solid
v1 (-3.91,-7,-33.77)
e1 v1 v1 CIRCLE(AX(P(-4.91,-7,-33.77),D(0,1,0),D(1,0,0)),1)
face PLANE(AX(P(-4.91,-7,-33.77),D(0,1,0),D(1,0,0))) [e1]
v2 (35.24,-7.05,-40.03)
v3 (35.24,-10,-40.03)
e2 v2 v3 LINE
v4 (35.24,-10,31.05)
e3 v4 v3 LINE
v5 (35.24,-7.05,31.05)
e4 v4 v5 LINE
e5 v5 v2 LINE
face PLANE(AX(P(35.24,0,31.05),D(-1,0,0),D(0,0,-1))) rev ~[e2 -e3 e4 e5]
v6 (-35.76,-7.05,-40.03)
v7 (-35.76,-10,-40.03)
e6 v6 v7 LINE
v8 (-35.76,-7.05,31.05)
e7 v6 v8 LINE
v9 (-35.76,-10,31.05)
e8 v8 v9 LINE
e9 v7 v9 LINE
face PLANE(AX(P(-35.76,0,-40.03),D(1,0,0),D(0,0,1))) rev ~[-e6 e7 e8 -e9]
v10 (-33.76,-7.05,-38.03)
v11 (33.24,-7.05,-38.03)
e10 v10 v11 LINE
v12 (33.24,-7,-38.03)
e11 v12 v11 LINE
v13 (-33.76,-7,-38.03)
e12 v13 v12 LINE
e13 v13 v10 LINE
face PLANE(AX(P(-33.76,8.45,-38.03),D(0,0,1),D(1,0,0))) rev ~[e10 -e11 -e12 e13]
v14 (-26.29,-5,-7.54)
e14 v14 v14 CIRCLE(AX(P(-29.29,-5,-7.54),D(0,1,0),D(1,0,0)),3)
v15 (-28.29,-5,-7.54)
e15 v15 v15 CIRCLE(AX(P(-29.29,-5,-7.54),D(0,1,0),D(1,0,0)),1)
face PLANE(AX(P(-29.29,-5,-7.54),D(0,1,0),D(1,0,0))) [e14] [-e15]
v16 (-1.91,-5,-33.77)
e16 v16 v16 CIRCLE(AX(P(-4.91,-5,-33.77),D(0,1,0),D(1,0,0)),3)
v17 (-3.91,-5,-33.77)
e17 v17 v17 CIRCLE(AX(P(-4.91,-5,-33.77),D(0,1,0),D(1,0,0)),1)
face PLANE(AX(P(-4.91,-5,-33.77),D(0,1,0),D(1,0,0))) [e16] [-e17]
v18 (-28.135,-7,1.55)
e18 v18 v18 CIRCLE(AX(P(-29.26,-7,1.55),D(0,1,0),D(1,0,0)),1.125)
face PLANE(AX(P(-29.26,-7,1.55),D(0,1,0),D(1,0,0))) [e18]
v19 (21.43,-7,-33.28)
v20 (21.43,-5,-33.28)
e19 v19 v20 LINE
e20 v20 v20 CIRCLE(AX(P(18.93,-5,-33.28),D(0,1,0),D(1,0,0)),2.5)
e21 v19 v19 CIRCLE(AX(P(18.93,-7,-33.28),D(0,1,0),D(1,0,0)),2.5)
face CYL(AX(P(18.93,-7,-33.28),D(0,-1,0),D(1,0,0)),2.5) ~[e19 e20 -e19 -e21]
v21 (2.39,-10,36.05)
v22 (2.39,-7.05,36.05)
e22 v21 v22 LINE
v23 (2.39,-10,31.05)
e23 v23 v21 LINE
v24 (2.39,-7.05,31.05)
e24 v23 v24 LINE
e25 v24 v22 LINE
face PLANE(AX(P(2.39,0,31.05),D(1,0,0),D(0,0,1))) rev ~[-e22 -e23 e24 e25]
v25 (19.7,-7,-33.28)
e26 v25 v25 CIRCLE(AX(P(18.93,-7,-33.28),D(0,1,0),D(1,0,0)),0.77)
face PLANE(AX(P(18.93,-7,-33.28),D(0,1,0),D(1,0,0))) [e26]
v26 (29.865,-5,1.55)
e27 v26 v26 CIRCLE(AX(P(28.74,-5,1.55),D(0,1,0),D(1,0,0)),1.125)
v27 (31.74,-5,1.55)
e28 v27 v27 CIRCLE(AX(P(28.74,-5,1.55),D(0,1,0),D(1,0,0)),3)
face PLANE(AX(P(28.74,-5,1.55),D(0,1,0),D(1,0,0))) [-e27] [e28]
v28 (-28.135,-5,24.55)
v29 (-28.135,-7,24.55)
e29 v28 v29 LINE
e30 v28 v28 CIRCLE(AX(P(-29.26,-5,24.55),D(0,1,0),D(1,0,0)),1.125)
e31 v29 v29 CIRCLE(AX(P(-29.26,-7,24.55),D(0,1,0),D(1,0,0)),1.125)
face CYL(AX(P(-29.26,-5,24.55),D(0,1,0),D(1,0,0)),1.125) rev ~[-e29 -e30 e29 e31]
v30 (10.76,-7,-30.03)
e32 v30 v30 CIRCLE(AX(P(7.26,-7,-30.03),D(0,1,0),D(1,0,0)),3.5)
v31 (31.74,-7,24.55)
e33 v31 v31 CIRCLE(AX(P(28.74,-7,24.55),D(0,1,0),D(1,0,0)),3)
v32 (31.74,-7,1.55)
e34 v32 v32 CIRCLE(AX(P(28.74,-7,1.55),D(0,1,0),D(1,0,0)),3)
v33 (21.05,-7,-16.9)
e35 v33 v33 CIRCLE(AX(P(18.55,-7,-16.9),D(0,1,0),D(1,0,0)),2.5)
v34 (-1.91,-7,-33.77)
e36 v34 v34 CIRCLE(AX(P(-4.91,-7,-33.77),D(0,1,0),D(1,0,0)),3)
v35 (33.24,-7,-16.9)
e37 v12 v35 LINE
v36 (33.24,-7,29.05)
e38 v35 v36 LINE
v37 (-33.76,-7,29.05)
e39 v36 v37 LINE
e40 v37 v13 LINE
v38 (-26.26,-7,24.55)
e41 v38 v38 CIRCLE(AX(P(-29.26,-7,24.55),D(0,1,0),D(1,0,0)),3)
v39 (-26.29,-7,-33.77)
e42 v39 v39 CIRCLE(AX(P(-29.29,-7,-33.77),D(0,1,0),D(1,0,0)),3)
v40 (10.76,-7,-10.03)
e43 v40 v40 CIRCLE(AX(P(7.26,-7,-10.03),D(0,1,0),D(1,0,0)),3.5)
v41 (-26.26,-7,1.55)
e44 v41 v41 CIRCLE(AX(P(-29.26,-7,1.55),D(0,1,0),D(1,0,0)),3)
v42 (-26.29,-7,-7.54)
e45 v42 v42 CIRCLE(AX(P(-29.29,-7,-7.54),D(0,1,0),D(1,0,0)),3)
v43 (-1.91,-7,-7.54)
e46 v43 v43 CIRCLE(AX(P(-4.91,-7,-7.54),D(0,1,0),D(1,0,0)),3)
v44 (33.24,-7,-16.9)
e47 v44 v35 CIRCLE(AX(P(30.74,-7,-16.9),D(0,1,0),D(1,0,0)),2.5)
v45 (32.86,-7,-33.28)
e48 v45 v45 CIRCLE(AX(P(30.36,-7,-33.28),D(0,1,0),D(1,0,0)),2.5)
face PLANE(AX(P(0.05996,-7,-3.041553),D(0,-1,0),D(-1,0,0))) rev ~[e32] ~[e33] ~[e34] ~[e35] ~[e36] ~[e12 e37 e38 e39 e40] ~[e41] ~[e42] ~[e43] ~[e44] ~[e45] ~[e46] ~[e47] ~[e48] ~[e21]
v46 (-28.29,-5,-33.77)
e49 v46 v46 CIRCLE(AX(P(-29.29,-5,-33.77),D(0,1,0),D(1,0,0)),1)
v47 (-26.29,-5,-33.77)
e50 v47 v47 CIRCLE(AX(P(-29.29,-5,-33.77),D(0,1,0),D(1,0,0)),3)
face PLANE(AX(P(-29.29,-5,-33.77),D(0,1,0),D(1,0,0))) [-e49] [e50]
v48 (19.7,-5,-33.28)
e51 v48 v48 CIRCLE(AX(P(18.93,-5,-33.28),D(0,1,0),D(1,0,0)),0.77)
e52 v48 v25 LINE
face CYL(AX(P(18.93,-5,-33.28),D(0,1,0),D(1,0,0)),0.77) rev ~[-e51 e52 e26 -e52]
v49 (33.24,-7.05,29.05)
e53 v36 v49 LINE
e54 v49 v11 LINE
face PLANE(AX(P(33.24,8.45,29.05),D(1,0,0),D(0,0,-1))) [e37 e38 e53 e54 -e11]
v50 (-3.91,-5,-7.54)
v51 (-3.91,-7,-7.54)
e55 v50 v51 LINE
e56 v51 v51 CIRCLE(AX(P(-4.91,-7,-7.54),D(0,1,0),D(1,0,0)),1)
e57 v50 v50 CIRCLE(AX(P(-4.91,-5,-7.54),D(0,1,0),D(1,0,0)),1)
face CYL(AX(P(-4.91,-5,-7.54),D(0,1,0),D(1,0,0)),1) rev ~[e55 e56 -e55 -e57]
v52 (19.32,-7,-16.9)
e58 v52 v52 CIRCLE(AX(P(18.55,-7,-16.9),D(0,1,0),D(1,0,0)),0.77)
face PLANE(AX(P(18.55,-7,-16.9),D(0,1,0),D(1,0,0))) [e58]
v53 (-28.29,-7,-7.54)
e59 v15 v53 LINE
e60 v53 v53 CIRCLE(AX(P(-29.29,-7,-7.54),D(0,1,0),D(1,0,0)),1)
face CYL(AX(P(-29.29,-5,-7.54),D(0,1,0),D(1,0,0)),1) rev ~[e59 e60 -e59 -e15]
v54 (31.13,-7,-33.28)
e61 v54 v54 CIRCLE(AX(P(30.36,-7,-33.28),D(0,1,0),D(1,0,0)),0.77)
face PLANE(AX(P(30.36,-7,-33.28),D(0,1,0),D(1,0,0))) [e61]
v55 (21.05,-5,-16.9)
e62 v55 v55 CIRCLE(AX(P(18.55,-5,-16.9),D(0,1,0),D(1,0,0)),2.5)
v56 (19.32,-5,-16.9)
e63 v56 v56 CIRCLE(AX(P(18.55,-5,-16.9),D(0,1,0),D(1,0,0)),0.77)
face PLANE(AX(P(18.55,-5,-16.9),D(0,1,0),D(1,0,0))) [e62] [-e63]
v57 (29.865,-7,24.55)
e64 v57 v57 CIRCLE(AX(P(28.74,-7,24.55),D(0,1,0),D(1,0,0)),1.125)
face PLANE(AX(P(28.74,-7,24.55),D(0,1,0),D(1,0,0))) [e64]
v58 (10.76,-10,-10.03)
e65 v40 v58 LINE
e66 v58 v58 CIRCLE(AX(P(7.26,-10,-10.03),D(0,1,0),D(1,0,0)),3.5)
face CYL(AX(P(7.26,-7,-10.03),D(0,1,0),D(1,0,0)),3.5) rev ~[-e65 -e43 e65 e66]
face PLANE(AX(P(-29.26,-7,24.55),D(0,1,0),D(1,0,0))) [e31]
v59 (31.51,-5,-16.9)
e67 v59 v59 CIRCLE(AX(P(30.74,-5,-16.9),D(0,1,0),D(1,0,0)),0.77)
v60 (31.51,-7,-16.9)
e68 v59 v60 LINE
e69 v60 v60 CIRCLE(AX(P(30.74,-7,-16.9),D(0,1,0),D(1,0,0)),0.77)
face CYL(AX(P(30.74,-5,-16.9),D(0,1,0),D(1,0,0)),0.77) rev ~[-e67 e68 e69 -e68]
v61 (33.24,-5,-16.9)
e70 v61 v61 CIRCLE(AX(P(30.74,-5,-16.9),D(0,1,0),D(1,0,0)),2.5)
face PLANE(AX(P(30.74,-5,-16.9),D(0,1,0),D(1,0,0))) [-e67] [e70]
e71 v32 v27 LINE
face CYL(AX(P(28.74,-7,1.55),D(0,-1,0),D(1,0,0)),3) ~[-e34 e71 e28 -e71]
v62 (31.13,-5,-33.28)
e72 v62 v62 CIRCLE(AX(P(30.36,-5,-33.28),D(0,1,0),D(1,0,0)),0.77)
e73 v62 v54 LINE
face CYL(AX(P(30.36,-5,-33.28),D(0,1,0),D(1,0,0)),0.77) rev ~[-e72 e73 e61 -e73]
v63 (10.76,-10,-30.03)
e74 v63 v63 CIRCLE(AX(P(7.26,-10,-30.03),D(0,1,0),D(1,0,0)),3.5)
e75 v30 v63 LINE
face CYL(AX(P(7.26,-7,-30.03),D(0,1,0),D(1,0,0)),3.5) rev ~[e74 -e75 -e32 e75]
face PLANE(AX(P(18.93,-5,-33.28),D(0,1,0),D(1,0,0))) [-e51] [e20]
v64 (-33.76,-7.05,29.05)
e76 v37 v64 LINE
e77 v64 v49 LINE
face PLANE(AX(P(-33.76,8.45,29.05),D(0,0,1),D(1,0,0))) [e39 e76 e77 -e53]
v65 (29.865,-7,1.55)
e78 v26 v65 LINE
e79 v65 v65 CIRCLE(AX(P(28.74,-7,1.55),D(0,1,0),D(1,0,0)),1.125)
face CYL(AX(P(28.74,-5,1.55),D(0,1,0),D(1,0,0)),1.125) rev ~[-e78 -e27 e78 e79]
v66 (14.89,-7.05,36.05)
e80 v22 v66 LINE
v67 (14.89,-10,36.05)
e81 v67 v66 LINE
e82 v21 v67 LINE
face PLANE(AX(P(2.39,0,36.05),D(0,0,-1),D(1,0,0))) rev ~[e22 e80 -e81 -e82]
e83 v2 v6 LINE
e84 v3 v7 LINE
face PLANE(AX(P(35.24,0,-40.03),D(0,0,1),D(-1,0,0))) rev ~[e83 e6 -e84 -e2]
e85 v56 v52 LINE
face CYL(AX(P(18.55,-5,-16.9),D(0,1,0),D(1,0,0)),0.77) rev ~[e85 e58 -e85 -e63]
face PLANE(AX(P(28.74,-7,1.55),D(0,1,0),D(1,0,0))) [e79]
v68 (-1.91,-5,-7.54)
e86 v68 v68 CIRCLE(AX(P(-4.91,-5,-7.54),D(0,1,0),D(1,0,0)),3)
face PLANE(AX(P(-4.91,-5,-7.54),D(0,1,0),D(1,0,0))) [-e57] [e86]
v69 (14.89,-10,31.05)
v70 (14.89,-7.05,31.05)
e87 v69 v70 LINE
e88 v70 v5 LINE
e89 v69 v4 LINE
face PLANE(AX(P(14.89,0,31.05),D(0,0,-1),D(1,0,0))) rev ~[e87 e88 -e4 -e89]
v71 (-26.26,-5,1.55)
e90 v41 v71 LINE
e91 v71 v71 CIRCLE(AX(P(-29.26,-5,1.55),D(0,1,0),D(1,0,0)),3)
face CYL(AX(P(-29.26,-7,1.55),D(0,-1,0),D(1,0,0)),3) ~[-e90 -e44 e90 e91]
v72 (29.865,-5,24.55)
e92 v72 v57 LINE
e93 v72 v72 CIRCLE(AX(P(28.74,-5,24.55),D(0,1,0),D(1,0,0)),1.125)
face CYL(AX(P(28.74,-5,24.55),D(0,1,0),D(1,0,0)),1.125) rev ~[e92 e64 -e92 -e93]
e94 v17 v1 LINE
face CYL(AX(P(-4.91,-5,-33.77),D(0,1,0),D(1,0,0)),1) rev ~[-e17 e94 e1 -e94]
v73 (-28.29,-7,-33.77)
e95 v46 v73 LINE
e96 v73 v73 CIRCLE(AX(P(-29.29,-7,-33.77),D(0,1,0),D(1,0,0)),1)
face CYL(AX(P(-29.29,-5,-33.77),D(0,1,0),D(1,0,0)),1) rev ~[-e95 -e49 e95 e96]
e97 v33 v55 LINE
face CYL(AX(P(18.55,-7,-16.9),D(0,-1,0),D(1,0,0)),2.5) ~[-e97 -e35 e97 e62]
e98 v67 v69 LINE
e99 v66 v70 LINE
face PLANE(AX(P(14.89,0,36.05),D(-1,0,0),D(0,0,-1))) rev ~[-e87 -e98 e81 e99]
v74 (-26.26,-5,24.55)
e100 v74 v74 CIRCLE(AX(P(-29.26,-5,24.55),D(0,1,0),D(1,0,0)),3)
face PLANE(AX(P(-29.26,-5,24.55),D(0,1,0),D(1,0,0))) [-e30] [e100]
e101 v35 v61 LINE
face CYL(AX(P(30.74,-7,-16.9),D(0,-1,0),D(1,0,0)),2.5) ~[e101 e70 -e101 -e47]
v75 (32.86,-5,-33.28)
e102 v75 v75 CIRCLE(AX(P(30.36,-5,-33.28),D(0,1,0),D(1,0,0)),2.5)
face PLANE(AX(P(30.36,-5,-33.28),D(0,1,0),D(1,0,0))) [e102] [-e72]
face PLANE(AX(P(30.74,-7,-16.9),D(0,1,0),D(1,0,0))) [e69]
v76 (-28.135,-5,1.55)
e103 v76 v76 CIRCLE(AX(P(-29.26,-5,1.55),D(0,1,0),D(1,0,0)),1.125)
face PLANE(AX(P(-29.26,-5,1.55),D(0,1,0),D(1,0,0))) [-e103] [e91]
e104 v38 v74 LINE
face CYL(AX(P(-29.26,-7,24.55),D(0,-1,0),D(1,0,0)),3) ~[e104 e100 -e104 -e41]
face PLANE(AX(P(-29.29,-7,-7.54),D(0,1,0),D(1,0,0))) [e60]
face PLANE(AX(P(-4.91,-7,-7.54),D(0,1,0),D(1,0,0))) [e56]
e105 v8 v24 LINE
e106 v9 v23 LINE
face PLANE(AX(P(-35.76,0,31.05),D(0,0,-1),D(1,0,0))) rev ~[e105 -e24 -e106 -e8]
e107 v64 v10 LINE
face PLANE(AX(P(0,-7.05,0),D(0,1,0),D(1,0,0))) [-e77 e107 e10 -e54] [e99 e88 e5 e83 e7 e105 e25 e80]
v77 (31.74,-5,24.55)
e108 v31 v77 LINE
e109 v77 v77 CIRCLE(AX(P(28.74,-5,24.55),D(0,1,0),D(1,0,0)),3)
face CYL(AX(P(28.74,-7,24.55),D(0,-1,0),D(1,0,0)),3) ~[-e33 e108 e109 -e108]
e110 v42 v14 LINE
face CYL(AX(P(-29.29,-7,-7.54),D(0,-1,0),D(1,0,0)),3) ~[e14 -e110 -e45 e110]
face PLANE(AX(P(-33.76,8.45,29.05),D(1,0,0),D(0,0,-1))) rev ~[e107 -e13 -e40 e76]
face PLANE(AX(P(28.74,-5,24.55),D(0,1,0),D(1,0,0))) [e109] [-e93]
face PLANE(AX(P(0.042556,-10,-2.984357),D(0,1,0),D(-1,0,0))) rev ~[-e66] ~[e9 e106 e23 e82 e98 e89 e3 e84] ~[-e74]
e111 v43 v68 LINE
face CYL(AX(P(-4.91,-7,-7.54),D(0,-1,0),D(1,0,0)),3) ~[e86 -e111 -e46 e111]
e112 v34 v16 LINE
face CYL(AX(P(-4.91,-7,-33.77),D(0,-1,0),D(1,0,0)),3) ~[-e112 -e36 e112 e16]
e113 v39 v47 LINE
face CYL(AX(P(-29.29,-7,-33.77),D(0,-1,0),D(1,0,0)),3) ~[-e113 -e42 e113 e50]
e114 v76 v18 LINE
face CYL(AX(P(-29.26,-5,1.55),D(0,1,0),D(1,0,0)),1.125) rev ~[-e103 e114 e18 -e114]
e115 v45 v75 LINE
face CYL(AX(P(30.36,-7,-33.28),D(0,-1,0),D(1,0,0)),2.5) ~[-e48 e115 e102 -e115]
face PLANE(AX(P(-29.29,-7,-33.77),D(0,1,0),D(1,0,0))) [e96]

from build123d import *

# Parameters (mm, degrees)
PAD_DEPTH       = 10
PAD_DEPTH_BACK  = 8.45
POCKET_DEPTH    = 15.45
SKETCH005_R     = 3
SKETCH005_R_2   = 2.5
PAD001_DEPTH    = 2
SKETCH_R        = 5.75
POCKET002_DEPTH = 5
SKETCH011_W     = 15
SKETCH011_H     = 12
POCKET003_DEPTH = 14
POCKET004_DEPTH = 5
SKETCH013_W     = 11.65
SKETCH013_H     = 6.68
POCKET005_DEPTH = 1.5
SKETCH014_R     = 3.5
POCKET006_DEPTH = 5
SKETCH006_R     = 1
SKETCH006_R_2   = 0.77
SKETCH006_R_3   = 1.125
POCKET009_DEPTH = 2
SKETCH019_W     = 100
SKETCH019_H     = 100
SKETCH019_W_2   = 67
SKETCH019_H_2   = 67.08
POCKET010_DEPTH = 15.5


with BuildPart() as part:
    # Sketch003 → Pad (new body, two sides)
    with BuildSketch(Plane.XZ) as pad_sk:
        Polygon((-35.76, 31.05), (2.39, 31.05), (2.39, 36.05), (14.89, 36.05), (14.89, 31.05), (35.24, 31.05), (35.24, -40.03), (-35.76, -40.03), align=None)
    extrude(amount=PAD_DEPTH)
    extrude(pad_sk.sketch, amount=-PAD_DEPTH_BACK)

    # Sketch004 (on Face9 of Pad) → Pocket (cut)
    with BuildSketch(Plane(origin=(0, 8.45, 0), x_dir=(1, 0, 0), z_dir=(0, 1, 0))):
        Polygon((-33.76, 38.03), (33.24, 38.03), (33.24, -29.05), (12.89, -29.05), (12.89, -34.05), (4.39, -34.05), (4.39, -29.05), (-33.76, -29.05), align=None)
    extrude(amount=-POCKET_DEPTH, mode=Mode.SUBTRACT)

    # Sketch005 (on Face19 of Pocket) → Pad001 (join)
    with BuildSketch(Plane(origin=(0, -7, 0), x_dir=(1, 0, 0), z_dir=(0, 1, 0))):
        with Locations((-4.91, 33.77)):
            Circle(SKETCH005_R)
        with Locations((-29.29, 33.77)):
            Circle(SKETCH005_R)
        with Locations((-29.29, 7.54)):
            Circle(SKETCH005_R)
        with Locations((-4.91, 7.54)):
            Circle(SKETCH005_R)
        with Locations((30.36, 33.28)):
            Circle(SKETCH005_R_2)
        with Locations((18.93, 33.28)):
            Circle(SKETCH005_R_2)
        with Locations((18.55, 16.9)):
            Circle(SKETCH005_R_2)
        with Locations((30.74, 16.9)):
            Circle(SKETCH005_R_2)
        with Locations((28.74, -24.55)):
            Circle(SKETCH005_R)
        with Locations((-29.26, -24.55)):
            Circle(SKETCH005_R)
        with Locations((-29.26, -1.55)):
            Circle(SKETCH005_R)
        with Locations((28.74, -1.55)):
            Circle(SKETCH005_R)
    extrude(amount=PAD001_DEPTH)

    # Sketch → Pocket002 (cut)
    with BuildSketch(Plane(origin=(0, 0, -38.03), x_dir=(-1, 0, 0), z_dir=(0, 0, 1))):
        with Locations((-9.5, -0.098891)):
            Circle(SKETCH_R)
    extrude(amount=-POCKET002_DEPTH, mode=Mode.SUBTRACT)

    # Sketch011 (on Face4 of Pocket002) → Pocket003 (cut)
    with BuildSketch(Plane(origin=(0, 8.45, 0), x_dir=(1, 0, 0), z_dir=(0, 1, 0))):
        with Locations((-33.76, -11.37)):
            Rectangle(SKETCH011_W, SKETCH011_H)
    extrude(amount=-POCKET003_DEPTH, mode=Mode.SUBTRACT)

    # Sketch012 (on Face1 of Pocket003) → Pocket004 (cut)
    with BuildSketch(Plane(origin=(0, 0, 31.05), x_dir=(-1, 0, 0), z_dir=(0, 0, 1))):
        Polygon((-17.41, 1.32), (-25.06, 1.32), (-25.06, 2.98), (-24.11, 4), (-18.36, 4), (-17.41, 2.98), align=None)
    extrude(amount=-POCKET004_DEPTH, mode=Mode.SUBTRACT)

    # Sketch013 (on Face1 of Pocket004) → Pocket005 (cut)
    with BuildSketch(Plane(origin=(0, 0, 31.05), x_dir=(-1, 0, 0), z_dir=(0, 0, 1))):
        with Locations((-21.235, 2.66)):
            Rectangle(SKETCH013_W, SKETCH013_H)
    extrude(amount=-POCKET005_DEPTH, mode=Mode.SUBTRACT)

    # Sketch014 (on Face27 of Pocket005) → Pocket006 (cut)
    with BuildSketch(Plane(origin=(0, -7, 0), x_dir=(1, 0, 0), z_dir=(0, 1, 0))):
        with Locations((7.26, 30.03)):
            Circle(SKETCH014_R)
        with Locations((7.26, 10.03)):
            Circle(SKETCH014_R)
    extrude(amount=-POCKET006_DEPTH, mode=Mode.SUBTRACT)

    # Sketch006 (on Face37 of Pad001) → Pocket009 (cut)
    with BuildSketch(Plane(origin=(0, -5, 0), x_dir=(1, 0, 0), z_dir=(0, 1, 0))):
        with Locations((-29.29, 33.77)):
            Circle(SKETCH006_R)
        with Locations((-4.91, 33.77)):
            Circle(SKETCH006_R)
        with Locations((-4.91, 7.54)):
            Circle(SKETCH006_R)
        with Locations((-29.29, 7.54)):
            Circle(SKETCH006_R)
        with Locations((18.93, 33.28)):
            Circle(SKETCH006_R_2)
        with Locations((30.36, 33.28)):
            Circle(SKETCH006_R_2)
        with Locations((18.55, 16.9)):
            Circle(SKETCH006_R_2)
        with Locations((30.74, 16.9)):
            Circle(SKETCH006_R_2)
        with Locations((-29.26, -1.55)):
            Circle(SKETCH006_R_3)
        with Locations((-29.26, -24.55)):
            Circle(SKETCH006_R_3)
        with Locations((28.74, -24.55)):
            Circle(SKETCH006_R_3)
        with Locations((28.74, -1.55)):
            Circle(SKETCH006_R_3)
    extrude(amount=-POCKET009_DEPTH, mode=Mode.SUBTRACT)

    # Sketch019 (on Face3 of Pocket009) → Pocket010 (cut)
    with BuildSketch(Plane(origin=(0, 8.45, 0), x_dir=(1, 0, 0), z_dir=(0, 1, 0))):
        Rectangle(SKETCH019_W, SKETCH019_H)
        with Locations((-0.26, 4.49)):
            Rectangle(SKETCH019_W_2, SKETCH019_H_2, mode=Mode.SUBTRACT)
    extrude(amount=-POCKET010_DEPTH, mode=Mode.SUBTRACT)


solid = part.part
